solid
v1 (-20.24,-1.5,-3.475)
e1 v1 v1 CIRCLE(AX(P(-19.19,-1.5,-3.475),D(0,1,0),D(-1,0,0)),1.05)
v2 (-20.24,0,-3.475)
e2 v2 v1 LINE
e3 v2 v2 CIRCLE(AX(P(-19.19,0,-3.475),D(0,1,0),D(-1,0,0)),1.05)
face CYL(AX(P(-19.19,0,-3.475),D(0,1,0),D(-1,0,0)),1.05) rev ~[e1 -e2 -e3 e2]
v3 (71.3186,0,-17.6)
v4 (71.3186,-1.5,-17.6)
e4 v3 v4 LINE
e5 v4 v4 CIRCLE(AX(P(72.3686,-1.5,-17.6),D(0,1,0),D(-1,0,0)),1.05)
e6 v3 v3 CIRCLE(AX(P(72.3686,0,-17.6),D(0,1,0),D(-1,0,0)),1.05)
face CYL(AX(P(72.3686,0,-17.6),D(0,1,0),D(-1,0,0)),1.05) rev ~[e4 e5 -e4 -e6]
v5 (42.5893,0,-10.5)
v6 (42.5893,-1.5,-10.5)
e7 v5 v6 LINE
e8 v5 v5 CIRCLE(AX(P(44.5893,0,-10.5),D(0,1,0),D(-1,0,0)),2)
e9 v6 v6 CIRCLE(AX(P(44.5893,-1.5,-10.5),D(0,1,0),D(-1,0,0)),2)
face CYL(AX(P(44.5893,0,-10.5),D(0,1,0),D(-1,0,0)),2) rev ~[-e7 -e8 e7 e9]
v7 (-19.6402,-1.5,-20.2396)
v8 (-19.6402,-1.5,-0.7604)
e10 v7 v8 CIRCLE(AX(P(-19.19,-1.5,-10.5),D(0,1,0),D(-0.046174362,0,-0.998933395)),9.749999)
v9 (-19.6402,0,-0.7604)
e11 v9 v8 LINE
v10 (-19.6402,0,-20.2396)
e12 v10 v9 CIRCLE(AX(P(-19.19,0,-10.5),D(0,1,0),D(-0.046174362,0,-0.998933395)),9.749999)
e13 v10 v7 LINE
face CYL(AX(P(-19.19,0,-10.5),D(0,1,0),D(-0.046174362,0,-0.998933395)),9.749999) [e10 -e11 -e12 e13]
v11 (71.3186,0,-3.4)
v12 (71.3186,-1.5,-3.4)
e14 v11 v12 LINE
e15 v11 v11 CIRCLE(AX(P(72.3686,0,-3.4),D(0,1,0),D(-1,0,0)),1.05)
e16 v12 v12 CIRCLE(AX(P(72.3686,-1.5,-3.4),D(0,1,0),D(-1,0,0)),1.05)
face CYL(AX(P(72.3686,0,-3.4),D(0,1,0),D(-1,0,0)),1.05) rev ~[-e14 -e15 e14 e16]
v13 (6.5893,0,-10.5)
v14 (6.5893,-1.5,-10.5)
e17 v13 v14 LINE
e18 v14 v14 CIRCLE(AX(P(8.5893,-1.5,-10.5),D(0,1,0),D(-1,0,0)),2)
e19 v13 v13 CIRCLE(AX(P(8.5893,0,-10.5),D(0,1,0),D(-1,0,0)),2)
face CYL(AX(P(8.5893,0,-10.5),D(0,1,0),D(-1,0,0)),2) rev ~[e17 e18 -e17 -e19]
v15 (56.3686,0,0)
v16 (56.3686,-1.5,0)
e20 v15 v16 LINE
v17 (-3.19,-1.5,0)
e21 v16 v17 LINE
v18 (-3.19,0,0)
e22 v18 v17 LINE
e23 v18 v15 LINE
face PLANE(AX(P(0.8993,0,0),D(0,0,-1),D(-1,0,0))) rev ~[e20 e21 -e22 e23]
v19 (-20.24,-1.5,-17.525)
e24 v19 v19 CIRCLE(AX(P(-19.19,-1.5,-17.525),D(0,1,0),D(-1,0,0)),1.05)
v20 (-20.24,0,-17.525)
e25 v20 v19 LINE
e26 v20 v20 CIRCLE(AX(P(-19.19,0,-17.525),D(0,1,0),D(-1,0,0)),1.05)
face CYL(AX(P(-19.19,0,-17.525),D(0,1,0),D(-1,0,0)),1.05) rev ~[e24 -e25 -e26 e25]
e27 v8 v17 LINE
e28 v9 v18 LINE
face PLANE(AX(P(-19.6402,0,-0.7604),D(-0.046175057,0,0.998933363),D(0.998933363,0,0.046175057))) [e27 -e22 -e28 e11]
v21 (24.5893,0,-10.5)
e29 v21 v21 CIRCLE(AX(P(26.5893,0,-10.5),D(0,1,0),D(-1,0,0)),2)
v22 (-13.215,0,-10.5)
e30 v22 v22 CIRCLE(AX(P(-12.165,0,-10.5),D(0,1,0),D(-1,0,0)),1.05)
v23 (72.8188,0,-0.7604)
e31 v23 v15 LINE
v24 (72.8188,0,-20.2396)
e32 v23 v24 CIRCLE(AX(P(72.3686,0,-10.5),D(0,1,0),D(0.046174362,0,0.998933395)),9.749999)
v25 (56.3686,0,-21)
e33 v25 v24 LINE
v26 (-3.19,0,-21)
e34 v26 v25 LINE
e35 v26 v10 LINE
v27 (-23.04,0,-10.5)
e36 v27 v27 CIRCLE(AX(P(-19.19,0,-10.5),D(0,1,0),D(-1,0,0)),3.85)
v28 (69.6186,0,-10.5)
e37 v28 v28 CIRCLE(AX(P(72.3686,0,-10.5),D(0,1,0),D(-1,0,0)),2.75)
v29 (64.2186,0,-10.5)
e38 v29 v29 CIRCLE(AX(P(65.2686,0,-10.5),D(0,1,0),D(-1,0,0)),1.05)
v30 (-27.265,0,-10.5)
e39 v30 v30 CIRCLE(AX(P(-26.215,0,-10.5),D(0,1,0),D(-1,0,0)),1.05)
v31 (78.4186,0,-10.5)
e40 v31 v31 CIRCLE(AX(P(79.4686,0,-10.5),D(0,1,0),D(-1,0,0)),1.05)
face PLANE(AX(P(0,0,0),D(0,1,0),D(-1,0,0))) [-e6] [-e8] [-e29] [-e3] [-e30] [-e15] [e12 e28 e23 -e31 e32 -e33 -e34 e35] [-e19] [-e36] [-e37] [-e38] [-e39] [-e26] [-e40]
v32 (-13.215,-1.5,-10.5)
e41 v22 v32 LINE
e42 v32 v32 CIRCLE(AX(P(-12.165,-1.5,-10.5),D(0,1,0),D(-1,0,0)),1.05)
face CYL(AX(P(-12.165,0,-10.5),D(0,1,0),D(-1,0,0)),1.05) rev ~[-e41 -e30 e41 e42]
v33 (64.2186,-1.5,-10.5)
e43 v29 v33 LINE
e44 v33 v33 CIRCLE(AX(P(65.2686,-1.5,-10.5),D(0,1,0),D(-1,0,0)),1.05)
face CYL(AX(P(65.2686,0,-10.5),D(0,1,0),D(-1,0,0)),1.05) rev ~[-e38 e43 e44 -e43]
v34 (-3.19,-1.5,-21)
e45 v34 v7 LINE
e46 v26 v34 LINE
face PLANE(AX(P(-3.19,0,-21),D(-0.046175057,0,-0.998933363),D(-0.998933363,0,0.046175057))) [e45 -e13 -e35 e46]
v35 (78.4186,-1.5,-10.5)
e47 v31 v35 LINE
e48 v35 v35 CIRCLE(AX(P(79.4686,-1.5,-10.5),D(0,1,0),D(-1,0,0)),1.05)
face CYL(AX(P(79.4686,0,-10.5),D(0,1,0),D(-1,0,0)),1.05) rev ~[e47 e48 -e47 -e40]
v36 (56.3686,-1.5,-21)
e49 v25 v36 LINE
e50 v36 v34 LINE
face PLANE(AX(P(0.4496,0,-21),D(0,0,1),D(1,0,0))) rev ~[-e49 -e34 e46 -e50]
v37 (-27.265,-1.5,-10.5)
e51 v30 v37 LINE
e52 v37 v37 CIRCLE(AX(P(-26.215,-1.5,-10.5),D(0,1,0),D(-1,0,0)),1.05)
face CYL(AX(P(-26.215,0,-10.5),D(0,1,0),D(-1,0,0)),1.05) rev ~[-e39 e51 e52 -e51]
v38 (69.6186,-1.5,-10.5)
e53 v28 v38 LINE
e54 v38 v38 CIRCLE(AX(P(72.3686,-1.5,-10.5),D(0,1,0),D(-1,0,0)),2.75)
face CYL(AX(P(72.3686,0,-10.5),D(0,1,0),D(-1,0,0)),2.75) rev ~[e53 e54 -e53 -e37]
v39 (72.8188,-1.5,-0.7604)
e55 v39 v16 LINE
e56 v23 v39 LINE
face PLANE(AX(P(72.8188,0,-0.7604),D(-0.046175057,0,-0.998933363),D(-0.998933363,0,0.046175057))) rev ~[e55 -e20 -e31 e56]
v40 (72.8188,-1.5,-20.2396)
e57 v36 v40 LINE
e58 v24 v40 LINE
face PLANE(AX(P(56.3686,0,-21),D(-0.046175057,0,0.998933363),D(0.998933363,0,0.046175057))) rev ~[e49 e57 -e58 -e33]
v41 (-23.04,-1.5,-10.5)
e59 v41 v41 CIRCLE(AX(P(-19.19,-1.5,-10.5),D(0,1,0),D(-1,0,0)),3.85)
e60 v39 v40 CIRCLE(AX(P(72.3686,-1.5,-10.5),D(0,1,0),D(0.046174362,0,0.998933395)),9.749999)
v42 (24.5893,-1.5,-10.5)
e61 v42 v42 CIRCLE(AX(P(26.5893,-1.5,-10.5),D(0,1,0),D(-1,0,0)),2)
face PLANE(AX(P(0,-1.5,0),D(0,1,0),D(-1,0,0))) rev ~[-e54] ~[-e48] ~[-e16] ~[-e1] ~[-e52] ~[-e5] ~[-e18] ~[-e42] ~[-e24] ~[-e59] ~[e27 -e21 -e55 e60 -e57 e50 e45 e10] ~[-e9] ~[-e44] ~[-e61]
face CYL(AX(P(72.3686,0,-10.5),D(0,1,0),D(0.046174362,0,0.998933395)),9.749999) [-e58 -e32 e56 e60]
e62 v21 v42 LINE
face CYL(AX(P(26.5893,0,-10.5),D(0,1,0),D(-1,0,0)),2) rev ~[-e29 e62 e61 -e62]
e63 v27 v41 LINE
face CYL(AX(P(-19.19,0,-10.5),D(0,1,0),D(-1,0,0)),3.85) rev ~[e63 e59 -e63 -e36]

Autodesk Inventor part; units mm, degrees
ref_plane "YZ Plane" through (0, 0, 0) normal (1, 0, 0) x (0, 1, 0)
ref_plane "XZ Plane" through (0, 0, 0) normal (0, 1, 0) x (-1, 0, 0)
ref_plane "XY Plane" through (0, 0, 0) normal (0, 0, 1) x (1, 0, 0)
sketch "Sketch1" plane through (0, 0, 0) normal (0, 1, 0) x (-1, 0, 0)
  line L0 (-0.4496, -21) -> (-0.4496, 0)
  line L1 (-52.7289, -21) -> (-52.7289, 0)
  circle A0 centre (-44.5893, -10.5) radius 2
  circle A1 centre (-26.5893, -10.5) radius 2
  circle A2 centre (-8.5893, -10.5) radius 2
  circle A3 centre (12.165, -10.5) radius 1.05
  circle A4 centre (26.215, -10.5) radius 1.05
  circle A5 centre (19.19, -3.475) radius 1.05
  circle A6 centre (19.19, -17.525) radius 1.05
  circle A7 centre (19.19, -10.5) radius 3.85
  circle A8 centre (-72.3686, -10.5) radius 2.75
  circle A9 centre (-72.3686, -17.6) radius 1.05
  circle A10 centre (-79.4686, -10.5) radius 1.05
  circle A11 centre (-72.3686, -3.4) radius 1.05
  circle A12 centre (-65.2686, -10.5) radius 1.05
  arc A13 (19.6402, -20.2396) -> (19.6402, -0.7604) centre (19.19, -10.5) ccw
  line L2 (3.19, -21) -> (19.6402, -20.2396)
  line L3 (19.6402, -0.7604) -> (3.19, 0)
  line L4 (-56.3686, 0) -> (3.19, 0)
  line L5 (3.19, -21) -> (-56.3686, -21)
  line L6 (-72.8188, -0.7604) -> (-56.3686, 0)
  arc A14 (-72.8188, -0.7604) -> (-72.8188, -20.2396) centre (-72.3686, -10.5) ccw
  line L7 (-56.3686, -21) -> (-72.8188, -20.2396)
  line L8 (-53.1786, -21) -> (-53.1786, 0)
  line L9 (-52.2793, 0) -> (-52.2793, -21)
  line L10 (-0.8993, -21) -> (-0.8993, 0)
  line L11 (0, 0) -> (0, -21)
extrude "Plate1" add sketch "Sketch1" against normal blind 1.5
equation "\"d0\" = Thickness"
equation "\"BendReliefWidth\" = Thickness"
equation "\"BendReliefDepth\" = 0.5 * Thickness"
equation "\"CornerReliefSize\" = 4 * Thickness"
equation "\"MinimumRemnant\" = 2 * Thickness"
equation "\"TransitionRadius\" = BendRadius"
equation "\"JacobiRadiusSize\" = BendRadius"
equation "\"GapSize\" = Thickness"
equation "\"Thickness\" = 1.5"
equation "\"BendRadius\" = 0.31"
properties part number "CAM_ㄷ_frame_1" material "Aluminum 6061"
